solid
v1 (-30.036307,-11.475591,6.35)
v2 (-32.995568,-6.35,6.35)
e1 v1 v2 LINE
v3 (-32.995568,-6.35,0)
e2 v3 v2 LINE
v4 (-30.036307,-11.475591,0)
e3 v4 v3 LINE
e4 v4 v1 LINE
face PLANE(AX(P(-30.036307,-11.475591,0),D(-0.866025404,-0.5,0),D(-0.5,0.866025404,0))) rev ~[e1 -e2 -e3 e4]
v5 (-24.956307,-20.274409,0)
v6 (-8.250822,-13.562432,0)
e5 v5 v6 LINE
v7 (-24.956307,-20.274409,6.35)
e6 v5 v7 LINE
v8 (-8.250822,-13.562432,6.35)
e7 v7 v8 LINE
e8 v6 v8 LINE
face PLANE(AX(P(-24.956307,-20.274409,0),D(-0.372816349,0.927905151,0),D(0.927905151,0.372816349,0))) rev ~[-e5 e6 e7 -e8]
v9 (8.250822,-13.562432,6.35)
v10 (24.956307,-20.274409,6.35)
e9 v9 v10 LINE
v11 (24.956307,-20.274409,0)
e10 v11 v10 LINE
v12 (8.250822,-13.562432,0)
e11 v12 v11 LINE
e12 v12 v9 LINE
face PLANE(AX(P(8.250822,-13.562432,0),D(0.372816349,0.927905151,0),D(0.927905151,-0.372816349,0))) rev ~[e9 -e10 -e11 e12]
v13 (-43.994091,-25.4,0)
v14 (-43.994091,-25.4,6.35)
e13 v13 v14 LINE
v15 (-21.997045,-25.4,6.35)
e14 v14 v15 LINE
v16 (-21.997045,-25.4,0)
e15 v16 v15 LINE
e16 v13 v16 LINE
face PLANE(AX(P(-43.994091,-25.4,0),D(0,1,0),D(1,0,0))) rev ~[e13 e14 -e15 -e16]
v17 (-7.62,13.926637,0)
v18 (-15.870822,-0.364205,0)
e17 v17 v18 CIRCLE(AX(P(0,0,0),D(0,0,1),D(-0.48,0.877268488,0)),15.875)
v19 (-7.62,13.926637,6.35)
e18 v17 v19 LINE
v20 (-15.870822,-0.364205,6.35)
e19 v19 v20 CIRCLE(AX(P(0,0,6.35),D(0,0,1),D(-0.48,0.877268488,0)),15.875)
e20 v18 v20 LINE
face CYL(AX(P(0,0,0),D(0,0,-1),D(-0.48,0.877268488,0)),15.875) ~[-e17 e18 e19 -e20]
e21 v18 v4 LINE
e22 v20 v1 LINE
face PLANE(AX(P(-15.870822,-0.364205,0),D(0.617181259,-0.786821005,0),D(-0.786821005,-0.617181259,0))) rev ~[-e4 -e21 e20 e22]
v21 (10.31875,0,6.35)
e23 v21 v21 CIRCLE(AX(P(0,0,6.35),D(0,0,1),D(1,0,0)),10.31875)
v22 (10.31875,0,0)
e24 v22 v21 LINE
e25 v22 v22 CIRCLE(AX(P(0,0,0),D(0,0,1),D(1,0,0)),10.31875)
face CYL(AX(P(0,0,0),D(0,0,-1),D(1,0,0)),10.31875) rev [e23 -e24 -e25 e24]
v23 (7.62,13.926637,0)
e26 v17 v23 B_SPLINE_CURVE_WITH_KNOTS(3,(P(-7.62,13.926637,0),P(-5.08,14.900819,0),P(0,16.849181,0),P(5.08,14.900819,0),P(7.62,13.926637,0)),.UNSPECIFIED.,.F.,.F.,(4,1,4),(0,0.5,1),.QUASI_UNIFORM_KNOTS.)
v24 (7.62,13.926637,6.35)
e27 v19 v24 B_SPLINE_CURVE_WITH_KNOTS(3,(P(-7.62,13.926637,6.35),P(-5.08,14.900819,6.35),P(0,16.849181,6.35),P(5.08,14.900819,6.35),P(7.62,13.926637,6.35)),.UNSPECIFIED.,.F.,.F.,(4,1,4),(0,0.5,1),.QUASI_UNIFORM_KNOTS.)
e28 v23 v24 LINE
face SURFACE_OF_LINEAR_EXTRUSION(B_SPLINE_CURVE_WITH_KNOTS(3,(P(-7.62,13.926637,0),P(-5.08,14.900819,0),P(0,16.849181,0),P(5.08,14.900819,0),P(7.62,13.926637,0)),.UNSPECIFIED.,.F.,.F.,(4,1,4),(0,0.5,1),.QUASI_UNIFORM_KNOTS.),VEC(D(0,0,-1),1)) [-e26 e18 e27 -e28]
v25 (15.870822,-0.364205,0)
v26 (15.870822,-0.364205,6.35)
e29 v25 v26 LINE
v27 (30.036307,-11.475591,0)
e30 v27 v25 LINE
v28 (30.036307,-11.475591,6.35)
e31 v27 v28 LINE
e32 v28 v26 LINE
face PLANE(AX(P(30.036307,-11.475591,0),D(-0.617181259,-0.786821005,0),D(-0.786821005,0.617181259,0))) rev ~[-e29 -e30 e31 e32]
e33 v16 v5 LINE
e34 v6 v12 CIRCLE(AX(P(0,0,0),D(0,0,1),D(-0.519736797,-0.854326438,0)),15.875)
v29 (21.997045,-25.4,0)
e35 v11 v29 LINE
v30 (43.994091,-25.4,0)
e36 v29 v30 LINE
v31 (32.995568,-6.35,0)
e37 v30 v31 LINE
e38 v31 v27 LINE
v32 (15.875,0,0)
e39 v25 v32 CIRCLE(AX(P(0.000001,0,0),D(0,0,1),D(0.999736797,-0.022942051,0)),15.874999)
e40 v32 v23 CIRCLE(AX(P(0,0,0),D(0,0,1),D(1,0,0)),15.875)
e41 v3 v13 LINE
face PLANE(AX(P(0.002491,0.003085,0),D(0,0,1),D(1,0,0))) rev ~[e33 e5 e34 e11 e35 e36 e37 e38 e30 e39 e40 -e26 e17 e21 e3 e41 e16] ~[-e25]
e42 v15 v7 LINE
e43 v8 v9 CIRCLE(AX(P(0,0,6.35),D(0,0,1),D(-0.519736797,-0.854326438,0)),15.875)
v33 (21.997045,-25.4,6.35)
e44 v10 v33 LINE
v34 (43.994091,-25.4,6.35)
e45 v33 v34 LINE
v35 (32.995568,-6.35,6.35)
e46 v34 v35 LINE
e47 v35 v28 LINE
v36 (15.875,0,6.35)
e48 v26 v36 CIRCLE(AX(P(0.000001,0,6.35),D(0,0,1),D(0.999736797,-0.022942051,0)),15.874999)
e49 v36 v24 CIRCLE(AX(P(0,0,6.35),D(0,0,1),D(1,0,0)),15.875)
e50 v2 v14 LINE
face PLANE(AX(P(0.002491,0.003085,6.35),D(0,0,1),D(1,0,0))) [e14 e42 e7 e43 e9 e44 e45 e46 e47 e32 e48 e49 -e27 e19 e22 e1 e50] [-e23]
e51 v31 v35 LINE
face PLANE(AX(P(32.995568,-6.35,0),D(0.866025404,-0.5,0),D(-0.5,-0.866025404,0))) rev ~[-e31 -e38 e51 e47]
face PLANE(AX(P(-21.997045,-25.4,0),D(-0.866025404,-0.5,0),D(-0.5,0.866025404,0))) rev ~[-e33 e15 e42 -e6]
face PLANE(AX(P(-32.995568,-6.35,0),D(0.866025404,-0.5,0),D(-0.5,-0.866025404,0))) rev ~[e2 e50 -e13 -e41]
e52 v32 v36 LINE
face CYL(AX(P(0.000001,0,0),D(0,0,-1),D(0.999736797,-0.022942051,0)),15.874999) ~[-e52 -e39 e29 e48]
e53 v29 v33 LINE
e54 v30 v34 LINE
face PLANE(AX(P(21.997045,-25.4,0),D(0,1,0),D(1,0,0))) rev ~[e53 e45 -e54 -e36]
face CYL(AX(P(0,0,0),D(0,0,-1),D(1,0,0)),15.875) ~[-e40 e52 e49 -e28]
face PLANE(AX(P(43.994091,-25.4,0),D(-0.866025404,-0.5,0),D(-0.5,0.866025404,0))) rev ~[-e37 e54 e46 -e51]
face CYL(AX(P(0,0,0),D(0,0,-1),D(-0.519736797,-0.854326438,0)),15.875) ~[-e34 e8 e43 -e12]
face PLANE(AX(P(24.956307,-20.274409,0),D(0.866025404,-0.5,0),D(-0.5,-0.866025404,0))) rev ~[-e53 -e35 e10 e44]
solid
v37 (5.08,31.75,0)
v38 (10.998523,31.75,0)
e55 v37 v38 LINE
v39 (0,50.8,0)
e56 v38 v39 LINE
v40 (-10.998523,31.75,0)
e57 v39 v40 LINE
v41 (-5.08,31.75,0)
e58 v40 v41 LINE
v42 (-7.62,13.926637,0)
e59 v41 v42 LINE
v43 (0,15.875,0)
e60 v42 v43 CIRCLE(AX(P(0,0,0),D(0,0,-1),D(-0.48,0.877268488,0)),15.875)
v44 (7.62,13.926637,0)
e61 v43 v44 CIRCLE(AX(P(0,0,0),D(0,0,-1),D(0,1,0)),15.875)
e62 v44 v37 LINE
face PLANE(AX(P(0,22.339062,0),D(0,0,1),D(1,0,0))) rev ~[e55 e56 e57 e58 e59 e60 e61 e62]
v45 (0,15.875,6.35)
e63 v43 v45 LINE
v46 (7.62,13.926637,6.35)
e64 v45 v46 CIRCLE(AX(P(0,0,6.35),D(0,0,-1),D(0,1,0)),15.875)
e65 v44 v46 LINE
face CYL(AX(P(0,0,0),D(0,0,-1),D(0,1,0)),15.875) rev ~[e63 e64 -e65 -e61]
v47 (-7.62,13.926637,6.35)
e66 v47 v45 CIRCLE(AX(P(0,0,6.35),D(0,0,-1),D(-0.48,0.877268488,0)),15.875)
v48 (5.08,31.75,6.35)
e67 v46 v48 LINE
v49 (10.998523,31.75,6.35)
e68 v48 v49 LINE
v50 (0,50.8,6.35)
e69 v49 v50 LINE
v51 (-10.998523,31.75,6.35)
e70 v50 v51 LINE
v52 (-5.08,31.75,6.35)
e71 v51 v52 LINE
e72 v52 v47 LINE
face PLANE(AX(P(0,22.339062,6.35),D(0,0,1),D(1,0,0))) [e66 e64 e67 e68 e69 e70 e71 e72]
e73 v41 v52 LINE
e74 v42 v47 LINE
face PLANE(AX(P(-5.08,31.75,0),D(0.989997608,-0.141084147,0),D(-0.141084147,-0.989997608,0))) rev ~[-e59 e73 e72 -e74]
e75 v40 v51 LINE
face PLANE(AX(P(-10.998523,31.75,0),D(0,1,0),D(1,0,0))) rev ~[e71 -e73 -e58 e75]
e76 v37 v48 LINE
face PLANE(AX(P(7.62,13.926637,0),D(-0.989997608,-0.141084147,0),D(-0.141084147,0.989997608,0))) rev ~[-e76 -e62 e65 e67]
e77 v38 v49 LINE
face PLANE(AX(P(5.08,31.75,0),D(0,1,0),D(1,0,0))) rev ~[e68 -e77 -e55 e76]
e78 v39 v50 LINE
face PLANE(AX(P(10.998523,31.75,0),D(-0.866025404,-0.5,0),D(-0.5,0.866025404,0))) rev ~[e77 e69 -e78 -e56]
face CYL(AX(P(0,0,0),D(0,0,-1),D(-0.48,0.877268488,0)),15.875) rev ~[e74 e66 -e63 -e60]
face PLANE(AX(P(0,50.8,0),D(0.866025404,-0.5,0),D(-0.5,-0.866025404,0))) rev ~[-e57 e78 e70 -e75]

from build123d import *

# Parameters (mm, degrees)
F1_DEPTH = 6.35
F0_R     = 10.31875


with BuildPart() as f1:
    # F0 (on Top) → F1 (new body)
    with BuildSketch(Plane.XY):
        with BuildLine():
            ThreePointArc((0, 15.875), (3.932572867, 15.3801981666), (7.62, 13.9266372467))
            Line((7.62, 13.9266372467), (5.08, 31.75))
            Line((5.08, 31.75), (-5.08, 31.75))
            Line((-5.08, 31.75), (-7.62, 13.9266372467))
            ThreePointArc((-7.62, 13.9266372467), (-3.932572867, 15.3801981666), (0, 15.875))
        make_face()
        Polygon((-5.08, 31.75), (5.08, 31.75), (10.9985226281, 31.75), (0, 50.8), (-10.9985226281, 31.75), align=None)
    extrude(amount=F1_DEPTH)


with BuildPart() as f1b:
    # F0 (on Top) → F1, piece 2 (new body)
    with BuildSketch(Plane.XY):
        with BuildLine():
            ThreePointArc((15.8708216449, -0.3642050465), (15.8739553769, -0.1821145069), (15.875, 0))
            ThreePointArc((15.875, 0), (13.6561913614, 8.0946934778), (7.62, 13.9266372467))
            add(Edge.make_bspline(
                [(0, 15.875), (2.54, 15.875), (5.08, 14.9008186233), (7.62, 13.9266372467)],
                knots=[0.5, 0.5, 0.5, 0.5, 1, 1, 1, 1], degree=3))
            add(Edge.make_bspline(
                [(-7.62, 13.9266372467), (-5.08, 14.9008186233), (-2.54, 15.875), (0, 15.875)],
                knots=[0, 0, 0, 0, 0.5, 0.5, 0.5, 0.5], degree=3))
            ThreePointArc((-7.62, 13.9266372467), (-13.7481532851, 7.9375), (-15.8708216449, -0.3642050465))
            ThreePointArc((-15.8708216449, -0.3642050465), (-13.7481532851, -7.9375), (-8.2508216449, -13.5624322002))
            ThreePointArc((-8.2508216449, -13.5624322002), (0, -15.875), (8.2508216449, -13.5624322002))
            ThreePointArc((8.2508216449, -13.5624322002), (13.7481532851, -7.9375), (15.8708216449, -0.3642050465))
        make_face()
        Circle(F0_R, mode=Mode.SUBTRACT)
        with BuildLine():
            Line((-24.9563065702, -20.2744090512), (-8.2508216449, -13.5624322002))
            ThreePointArc((-8.2508216449, -13.5624322002), (-13.7481532851, -7.9375), (-15.8708216449, -0.3642050465))
            Line((-15.8708216449, -0.3642050465), (-30.0363065702, -11.4755909488))
            Line((-30.0363065702, -11.4755909488), (-24.9563065702, -20.2744090512))
        make_face()
        Polygon((-21.9970452561, -25.4), (-24.9563065702, -20.2744090512), (-30.0363065702, -11.4755909488), (-32.9955678842, -6.35), (-43.9940905122, -25.4), align=None)
        with BuildLine():
            Line((30.0363065702, -11.4755909488), (15.8708216449, -0.3642050465))
            ThreePointArc((15.8708216449, -0.3642050465), (13.7481532851, -7.9375), (8.2508216449, -13.5624322002))
            Line((8.2508216449, -13.5624322002), (24.9563065702, -20.2744090512))
            Line((24.9563065702, -20.2744090512), (30.0363065702, -11.4755909488))
        make_face()
        Polygon((32.9955678842, -6.35), (30.0363065702, -11.4755909488), (24.9563065702, -20.2744090512), (21.9970452561, -25.4), (43.9940905122, -25.4), align=None)
    extrude(amount=F1_DEPTH)


solid = Compound([f1.part, f1b.part])
